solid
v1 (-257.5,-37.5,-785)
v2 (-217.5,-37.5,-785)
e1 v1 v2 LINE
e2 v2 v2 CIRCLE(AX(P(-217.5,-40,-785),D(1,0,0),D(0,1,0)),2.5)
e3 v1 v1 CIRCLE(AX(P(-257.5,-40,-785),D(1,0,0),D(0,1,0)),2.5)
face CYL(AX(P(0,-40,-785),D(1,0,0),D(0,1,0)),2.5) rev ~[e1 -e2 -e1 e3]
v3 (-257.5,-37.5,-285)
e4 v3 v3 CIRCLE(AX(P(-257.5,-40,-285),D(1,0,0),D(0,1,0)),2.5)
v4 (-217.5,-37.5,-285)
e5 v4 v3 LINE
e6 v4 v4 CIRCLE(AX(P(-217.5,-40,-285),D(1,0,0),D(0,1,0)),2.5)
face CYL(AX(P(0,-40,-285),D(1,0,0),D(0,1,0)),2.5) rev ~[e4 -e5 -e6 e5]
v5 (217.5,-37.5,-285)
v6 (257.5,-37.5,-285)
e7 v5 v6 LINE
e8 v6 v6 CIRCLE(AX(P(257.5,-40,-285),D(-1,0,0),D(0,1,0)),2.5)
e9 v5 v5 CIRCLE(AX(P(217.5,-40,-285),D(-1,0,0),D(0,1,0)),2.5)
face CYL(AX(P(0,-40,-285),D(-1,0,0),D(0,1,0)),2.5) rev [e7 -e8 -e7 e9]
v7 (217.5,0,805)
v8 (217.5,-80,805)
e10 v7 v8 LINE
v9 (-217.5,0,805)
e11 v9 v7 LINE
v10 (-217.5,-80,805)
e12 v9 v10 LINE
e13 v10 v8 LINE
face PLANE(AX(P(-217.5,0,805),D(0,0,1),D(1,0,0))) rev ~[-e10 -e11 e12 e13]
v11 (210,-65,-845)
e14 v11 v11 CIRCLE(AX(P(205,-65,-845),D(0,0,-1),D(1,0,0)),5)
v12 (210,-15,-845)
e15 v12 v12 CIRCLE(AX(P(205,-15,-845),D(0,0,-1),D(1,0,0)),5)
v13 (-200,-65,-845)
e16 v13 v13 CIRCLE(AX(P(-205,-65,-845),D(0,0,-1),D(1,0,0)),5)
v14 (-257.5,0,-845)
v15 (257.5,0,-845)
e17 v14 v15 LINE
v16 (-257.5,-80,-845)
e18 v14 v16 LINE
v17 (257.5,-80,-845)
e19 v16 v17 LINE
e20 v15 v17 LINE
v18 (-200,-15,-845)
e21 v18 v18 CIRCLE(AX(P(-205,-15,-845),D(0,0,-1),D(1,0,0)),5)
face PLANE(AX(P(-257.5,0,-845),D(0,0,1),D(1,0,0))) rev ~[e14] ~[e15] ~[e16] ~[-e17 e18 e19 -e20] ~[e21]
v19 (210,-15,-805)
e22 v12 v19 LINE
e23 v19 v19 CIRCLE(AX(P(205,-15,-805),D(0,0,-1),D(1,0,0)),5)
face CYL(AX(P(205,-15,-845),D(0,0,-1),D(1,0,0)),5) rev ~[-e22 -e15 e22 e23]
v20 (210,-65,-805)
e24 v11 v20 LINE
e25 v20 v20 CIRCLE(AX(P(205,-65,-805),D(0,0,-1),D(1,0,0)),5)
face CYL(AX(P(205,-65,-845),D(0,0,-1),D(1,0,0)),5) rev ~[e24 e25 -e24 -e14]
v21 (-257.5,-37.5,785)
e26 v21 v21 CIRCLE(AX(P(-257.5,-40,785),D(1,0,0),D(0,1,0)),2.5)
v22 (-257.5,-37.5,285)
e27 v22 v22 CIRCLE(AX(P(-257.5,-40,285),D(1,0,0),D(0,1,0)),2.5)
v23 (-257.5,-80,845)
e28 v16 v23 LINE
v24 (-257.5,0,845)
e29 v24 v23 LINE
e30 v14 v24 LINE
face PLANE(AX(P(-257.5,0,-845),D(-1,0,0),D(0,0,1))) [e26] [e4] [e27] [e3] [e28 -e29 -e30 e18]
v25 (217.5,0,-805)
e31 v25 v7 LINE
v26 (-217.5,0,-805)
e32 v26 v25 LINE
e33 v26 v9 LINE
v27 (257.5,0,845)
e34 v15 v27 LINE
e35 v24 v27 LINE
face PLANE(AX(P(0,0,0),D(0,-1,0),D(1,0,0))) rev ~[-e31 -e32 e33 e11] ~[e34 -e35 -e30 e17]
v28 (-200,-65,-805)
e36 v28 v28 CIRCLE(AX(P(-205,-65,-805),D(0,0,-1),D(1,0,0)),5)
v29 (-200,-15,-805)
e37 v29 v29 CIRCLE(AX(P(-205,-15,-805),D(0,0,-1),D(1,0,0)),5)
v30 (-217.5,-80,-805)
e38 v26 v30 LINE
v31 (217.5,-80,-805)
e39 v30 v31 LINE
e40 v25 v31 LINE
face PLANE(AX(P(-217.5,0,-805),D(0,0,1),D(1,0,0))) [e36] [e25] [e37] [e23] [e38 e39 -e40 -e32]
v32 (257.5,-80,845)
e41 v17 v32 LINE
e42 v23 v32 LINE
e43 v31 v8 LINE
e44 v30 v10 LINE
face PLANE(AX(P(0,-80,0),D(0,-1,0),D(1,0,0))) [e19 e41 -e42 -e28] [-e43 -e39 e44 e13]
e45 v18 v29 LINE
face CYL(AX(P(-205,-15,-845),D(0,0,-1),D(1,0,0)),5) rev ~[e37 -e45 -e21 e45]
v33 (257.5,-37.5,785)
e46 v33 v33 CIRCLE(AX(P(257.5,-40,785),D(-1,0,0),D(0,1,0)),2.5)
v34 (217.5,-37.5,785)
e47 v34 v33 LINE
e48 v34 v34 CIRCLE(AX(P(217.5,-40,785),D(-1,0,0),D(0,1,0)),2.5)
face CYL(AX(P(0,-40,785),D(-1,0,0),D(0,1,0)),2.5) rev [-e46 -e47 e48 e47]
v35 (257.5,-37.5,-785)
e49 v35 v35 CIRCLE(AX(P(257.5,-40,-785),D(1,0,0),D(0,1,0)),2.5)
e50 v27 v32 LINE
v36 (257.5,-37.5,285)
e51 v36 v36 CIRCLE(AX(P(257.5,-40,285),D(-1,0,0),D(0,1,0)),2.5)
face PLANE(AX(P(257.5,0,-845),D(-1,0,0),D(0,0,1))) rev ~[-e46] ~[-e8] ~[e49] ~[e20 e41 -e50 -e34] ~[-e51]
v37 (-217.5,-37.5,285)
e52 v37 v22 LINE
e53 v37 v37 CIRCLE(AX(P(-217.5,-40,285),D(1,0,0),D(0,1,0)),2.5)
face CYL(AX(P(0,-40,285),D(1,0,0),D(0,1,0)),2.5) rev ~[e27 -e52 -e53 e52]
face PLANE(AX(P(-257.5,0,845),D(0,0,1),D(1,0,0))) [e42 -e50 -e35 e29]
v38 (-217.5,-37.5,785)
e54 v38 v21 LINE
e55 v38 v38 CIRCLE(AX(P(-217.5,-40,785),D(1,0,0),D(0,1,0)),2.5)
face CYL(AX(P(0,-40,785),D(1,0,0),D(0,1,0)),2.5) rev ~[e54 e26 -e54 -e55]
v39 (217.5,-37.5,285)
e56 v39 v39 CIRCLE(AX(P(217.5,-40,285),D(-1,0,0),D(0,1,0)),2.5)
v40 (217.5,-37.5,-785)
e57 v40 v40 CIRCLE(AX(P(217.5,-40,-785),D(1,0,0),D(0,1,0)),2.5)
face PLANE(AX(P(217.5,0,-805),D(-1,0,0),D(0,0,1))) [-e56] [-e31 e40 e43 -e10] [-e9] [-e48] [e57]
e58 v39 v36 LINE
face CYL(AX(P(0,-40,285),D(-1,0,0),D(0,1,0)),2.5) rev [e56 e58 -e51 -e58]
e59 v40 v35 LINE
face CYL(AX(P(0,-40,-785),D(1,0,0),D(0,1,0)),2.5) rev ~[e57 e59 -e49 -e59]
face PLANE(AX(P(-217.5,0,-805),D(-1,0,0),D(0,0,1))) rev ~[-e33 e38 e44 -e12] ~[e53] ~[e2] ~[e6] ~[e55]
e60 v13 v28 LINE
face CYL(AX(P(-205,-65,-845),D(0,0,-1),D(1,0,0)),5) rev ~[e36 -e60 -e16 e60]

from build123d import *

# Parameters (mm, degrees)
F0_W     = 515
F0_H     = 1690
F0_W_2   = 435
F0_H_2   = 1610
F1_DEPTH = 80
F2_R     = 5
F3_DEPTH = 100
F4_R     = 2.5
F5_DEPTH = 1000


with BuildPart() as f1:
    # F0 (on Front) → F1 (new body)
    with BuildSketch(Plane.XZ):
        Rectangle(F0_W, F0_H)
        Rectangle(F0_W_2, F0_H_2, mode=Mode.SUBTRACT)
    extrude(amount=F1_DEPTH)

    # F2 (on face) → F3 (cut)
    with BuildSketch(Plane(origin=(0, 0, -845), x_dir=(1, 0, 0), z_dir=(0, 0, -1))):
        with Locations((-205, 65)):
            Circle(F2_R)
        with Locations((-205, 15)):
            Circle(F2_R)
        with Locations((205, 65)):
            Circle(F2_R)
        with Locations((205, 15)):
            Circle(F2_R)
    extrude(amount=-F3_DEPTH, mode=Mode.SUBTRACT)

    # F4 (on Right) → F5 (cut, symmetric)
    with BuildSketch(Plane.YZ):
        with Locations((-40, 285)):
            Circle(F4_R)
        with Locations((-40, 785)):
            Circle(F4_R)
        with Locations((-40, -285)):
            Circle(F4_R)
        with Locations((-40, -785)):
            Circle(F4_R)
    extrude(amount=F5_DEPTH, both=True, mode=Mode.SUBTRACT)


solid = f1.part
